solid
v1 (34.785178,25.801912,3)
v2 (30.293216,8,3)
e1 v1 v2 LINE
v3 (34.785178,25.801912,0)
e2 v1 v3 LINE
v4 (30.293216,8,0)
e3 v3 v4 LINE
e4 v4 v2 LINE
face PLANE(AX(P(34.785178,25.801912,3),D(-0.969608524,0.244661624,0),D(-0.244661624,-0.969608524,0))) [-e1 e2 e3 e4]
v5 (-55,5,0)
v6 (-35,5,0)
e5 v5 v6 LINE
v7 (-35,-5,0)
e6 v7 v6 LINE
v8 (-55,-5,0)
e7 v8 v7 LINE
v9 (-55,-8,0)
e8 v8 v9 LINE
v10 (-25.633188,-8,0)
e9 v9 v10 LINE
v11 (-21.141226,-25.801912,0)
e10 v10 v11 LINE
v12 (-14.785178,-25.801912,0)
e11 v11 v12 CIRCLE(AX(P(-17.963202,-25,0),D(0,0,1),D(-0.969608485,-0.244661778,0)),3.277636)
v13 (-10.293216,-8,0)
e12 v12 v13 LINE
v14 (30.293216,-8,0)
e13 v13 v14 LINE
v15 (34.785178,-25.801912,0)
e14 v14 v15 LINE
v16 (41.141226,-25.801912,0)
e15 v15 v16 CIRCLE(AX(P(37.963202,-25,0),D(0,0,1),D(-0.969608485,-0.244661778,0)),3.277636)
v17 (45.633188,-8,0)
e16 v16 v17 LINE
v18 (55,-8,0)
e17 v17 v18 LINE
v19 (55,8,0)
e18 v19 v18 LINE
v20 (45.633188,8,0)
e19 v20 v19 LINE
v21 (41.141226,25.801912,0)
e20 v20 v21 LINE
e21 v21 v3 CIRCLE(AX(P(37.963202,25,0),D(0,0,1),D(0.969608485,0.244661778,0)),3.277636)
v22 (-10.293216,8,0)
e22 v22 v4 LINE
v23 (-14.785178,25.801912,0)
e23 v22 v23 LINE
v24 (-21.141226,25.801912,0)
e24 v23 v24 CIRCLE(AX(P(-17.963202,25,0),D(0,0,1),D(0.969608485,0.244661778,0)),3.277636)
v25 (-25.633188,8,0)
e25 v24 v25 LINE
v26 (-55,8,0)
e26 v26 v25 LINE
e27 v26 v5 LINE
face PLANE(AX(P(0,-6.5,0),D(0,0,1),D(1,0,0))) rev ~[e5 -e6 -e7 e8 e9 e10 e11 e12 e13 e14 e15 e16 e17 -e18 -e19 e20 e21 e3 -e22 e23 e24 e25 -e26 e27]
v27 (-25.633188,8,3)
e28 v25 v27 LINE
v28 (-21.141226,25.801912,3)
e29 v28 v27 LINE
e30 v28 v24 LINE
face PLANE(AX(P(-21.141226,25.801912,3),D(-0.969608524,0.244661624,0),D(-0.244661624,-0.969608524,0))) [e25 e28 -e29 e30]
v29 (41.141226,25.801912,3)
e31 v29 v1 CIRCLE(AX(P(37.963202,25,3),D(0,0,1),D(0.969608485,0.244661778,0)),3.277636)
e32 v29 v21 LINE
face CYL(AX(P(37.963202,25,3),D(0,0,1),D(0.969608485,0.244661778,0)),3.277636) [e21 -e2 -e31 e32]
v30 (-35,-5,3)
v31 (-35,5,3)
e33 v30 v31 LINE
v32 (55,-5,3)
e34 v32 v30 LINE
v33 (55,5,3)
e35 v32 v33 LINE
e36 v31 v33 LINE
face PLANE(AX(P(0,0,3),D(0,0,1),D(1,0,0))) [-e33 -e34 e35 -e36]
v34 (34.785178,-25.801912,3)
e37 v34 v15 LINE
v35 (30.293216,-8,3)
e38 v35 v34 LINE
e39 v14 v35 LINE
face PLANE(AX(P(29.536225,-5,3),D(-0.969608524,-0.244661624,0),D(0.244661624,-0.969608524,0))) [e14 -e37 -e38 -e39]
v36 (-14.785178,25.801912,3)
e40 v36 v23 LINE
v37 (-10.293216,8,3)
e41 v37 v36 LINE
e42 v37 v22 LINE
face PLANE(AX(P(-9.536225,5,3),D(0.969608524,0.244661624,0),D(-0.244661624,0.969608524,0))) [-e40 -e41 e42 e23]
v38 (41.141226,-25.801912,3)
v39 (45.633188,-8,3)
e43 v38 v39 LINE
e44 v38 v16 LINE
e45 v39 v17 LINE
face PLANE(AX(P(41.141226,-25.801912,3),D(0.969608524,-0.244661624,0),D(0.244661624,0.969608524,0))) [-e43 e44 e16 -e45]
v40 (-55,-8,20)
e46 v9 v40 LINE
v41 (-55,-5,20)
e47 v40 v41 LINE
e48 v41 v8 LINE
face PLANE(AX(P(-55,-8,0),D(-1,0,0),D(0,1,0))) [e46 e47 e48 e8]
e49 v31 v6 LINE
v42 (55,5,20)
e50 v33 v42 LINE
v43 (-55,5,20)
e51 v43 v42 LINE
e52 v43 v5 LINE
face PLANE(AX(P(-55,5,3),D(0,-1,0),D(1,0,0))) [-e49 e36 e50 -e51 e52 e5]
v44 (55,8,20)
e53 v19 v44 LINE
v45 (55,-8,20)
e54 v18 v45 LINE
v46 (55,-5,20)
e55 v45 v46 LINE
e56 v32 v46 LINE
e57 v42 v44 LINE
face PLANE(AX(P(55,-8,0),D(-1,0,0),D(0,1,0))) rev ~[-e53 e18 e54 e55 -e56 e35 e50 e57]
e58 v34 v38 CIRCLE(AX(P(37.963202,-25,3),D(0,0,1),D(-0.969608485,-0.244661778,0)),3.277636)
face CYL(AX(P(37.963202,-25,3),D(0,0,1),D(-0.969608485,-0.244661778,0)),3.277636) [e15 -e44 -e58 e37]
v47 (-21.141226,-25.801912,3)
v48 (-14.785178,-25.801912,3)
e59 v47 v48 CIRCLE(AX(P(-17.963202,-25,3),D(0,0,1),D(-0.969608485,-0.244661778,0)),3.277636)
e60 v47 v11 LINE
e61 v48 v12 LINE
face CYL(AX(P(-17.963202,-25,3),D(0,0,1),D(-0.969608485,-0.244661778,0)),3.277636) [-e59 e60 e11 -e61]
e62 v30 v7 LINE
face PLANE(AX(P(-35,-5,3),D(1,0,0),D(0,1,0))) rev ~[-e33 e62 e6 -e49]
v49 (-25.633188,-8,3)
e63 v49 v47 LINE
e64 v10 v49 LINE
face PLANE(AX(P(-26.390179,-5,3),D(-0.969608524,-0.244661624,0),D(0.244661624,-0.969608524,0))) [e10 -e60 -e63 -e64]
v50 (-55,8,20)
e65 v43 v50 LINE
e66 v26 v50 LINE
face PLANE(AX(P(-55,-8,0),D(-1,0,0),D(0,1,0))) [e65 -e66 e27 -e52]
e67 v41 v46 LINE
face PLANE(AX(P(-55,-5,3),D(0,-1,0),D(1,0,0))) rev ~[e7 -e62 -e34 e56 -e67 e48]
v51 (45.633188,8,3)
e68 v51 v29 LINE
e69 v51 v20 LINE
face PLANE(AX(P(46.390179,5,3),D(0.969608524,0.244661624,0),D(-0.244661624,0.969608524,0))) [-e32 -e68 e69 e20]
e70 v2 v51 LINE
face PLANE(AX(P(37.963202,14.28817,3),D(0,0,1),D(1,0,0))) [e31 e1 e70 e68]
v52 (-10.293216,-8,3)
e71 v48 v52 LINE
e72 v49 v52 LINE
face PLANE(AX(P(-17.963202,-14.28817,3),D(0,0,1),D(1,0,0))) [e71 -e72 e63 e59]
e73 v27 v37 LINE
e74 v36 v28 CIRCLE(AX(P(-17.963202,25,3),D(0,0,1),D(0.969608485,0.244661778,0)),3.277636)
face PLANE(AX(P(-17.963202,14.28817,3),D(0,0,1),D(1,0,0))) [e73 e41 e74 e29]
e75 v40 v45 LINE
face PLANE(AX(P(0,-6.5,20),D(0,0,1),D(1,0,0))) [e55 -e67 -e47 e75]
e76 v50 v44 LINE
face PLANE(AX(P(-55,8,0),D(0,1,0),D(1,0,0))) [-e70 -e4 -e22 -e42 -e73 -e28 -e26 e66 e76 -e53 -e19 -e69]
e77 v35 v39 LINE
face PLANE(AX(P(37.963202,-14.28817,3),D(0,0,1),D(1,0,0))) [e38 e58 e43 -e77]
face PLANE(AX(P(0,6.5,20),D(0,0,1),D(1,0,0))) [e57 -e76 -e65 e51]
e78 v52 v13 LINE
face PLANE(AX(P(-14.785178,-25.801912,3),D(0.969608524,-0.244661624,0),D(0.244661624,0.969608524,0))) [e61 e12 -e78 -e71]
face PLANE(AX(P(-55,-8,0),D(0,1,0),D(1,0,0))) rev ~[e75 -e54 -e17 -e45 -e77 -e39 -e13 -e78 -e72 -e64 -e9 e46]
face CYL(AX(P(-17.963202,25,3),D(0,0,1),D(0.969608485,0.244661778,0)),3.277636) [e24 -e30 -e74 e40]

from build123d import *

# Parameters (mm, degrees)
F0_W     = 110
F0_H     = 10
F1_DEPTH = 3
F0_H_2   = 3
F3_DEPTH = 20
F2_W     = 20
F2_H     = 10
F4_DEPTH = 3
F6_DEPTH = 3


with BuildPart() as f1:
    # F0 (on Top) → F1 (new body)
    with BuildSketch(Plane.XY):
        Rectangle(F0_W, F0_H)
    extrude(amount=F1_DEPTH)

    # F0 (on Top) → F3 (join)
    with BuildSketch(Plane.XY):
        with Locations((0, -6.5)):
            Rectangle(F0_W, F0_H_2)
        with Locations((0, 6.5)):
            Rectangle(F0_W, F0_H_2)
    extrude(amount=F3_DEPTH)

    # F2 (on face) → F4 (cut, through all)
    with BuildSketch(Plane.XY.offset(3)):
        with Locations((-45, 0)):
            Rectangle(F2_W, F2_H)
    extrude(amount=-F4_DEPTH, mode=Mode.SUBTRACT)

    # F5 (on face) → F6 (join, through all)
    with BuildSketch(Plane.XY.offset(3)):
        with BuildLine():
            Line((-9.536225, -5), (-26.390179, -5))
            Line((-26.390179, -5), (-21.141226, -25.801912))
            ThreePointArc((-21.141226, -25.801912), (-17.963202, -28.277636), (-14.785178, -25.801912))
            Line((-14.785178, -25.801912), (-9.536225, -5))
        make_face()
        with BuildLine():
            Line((46.390179, -5), (29.536225, -5))
            Line((29.536225, -5), (34.785178, -25.801912))
            ThreePointArc((34.785178, -25.801912), (37.963202, -28.277636), (41.141226, -25.801912))
            Line((41.141226, -25.801912), (46.390179, -5))
        make_face()
        with BuildLine():
            Line((-21.141226, 25.801912), (-26.390179, 5))
            Line((-26.390179, 5), (-9.536225, 5))
            Line((-9.536225, 5), (-14.785178, 25.801912))
            ThreePointArc((-14.785178, 25.801912), (-17.963202, 28.277636), (-21.141226, 25.801912))
        make_face()
        with BuildLine():
            Line((34.785178, 25.801912), (29.536225, 5))
            Line((29.536225, 5), (46.390179, 5))
            Line((46.390179, 5), (41.141226, 25.801912))
            ThreePointArc((41.141226, 25.801912), (37.963202, 28.277636), (34.785178, 25.801912))
        make_face()
    extrude(amount=-F6_DEPTH)


solid = f1.part
